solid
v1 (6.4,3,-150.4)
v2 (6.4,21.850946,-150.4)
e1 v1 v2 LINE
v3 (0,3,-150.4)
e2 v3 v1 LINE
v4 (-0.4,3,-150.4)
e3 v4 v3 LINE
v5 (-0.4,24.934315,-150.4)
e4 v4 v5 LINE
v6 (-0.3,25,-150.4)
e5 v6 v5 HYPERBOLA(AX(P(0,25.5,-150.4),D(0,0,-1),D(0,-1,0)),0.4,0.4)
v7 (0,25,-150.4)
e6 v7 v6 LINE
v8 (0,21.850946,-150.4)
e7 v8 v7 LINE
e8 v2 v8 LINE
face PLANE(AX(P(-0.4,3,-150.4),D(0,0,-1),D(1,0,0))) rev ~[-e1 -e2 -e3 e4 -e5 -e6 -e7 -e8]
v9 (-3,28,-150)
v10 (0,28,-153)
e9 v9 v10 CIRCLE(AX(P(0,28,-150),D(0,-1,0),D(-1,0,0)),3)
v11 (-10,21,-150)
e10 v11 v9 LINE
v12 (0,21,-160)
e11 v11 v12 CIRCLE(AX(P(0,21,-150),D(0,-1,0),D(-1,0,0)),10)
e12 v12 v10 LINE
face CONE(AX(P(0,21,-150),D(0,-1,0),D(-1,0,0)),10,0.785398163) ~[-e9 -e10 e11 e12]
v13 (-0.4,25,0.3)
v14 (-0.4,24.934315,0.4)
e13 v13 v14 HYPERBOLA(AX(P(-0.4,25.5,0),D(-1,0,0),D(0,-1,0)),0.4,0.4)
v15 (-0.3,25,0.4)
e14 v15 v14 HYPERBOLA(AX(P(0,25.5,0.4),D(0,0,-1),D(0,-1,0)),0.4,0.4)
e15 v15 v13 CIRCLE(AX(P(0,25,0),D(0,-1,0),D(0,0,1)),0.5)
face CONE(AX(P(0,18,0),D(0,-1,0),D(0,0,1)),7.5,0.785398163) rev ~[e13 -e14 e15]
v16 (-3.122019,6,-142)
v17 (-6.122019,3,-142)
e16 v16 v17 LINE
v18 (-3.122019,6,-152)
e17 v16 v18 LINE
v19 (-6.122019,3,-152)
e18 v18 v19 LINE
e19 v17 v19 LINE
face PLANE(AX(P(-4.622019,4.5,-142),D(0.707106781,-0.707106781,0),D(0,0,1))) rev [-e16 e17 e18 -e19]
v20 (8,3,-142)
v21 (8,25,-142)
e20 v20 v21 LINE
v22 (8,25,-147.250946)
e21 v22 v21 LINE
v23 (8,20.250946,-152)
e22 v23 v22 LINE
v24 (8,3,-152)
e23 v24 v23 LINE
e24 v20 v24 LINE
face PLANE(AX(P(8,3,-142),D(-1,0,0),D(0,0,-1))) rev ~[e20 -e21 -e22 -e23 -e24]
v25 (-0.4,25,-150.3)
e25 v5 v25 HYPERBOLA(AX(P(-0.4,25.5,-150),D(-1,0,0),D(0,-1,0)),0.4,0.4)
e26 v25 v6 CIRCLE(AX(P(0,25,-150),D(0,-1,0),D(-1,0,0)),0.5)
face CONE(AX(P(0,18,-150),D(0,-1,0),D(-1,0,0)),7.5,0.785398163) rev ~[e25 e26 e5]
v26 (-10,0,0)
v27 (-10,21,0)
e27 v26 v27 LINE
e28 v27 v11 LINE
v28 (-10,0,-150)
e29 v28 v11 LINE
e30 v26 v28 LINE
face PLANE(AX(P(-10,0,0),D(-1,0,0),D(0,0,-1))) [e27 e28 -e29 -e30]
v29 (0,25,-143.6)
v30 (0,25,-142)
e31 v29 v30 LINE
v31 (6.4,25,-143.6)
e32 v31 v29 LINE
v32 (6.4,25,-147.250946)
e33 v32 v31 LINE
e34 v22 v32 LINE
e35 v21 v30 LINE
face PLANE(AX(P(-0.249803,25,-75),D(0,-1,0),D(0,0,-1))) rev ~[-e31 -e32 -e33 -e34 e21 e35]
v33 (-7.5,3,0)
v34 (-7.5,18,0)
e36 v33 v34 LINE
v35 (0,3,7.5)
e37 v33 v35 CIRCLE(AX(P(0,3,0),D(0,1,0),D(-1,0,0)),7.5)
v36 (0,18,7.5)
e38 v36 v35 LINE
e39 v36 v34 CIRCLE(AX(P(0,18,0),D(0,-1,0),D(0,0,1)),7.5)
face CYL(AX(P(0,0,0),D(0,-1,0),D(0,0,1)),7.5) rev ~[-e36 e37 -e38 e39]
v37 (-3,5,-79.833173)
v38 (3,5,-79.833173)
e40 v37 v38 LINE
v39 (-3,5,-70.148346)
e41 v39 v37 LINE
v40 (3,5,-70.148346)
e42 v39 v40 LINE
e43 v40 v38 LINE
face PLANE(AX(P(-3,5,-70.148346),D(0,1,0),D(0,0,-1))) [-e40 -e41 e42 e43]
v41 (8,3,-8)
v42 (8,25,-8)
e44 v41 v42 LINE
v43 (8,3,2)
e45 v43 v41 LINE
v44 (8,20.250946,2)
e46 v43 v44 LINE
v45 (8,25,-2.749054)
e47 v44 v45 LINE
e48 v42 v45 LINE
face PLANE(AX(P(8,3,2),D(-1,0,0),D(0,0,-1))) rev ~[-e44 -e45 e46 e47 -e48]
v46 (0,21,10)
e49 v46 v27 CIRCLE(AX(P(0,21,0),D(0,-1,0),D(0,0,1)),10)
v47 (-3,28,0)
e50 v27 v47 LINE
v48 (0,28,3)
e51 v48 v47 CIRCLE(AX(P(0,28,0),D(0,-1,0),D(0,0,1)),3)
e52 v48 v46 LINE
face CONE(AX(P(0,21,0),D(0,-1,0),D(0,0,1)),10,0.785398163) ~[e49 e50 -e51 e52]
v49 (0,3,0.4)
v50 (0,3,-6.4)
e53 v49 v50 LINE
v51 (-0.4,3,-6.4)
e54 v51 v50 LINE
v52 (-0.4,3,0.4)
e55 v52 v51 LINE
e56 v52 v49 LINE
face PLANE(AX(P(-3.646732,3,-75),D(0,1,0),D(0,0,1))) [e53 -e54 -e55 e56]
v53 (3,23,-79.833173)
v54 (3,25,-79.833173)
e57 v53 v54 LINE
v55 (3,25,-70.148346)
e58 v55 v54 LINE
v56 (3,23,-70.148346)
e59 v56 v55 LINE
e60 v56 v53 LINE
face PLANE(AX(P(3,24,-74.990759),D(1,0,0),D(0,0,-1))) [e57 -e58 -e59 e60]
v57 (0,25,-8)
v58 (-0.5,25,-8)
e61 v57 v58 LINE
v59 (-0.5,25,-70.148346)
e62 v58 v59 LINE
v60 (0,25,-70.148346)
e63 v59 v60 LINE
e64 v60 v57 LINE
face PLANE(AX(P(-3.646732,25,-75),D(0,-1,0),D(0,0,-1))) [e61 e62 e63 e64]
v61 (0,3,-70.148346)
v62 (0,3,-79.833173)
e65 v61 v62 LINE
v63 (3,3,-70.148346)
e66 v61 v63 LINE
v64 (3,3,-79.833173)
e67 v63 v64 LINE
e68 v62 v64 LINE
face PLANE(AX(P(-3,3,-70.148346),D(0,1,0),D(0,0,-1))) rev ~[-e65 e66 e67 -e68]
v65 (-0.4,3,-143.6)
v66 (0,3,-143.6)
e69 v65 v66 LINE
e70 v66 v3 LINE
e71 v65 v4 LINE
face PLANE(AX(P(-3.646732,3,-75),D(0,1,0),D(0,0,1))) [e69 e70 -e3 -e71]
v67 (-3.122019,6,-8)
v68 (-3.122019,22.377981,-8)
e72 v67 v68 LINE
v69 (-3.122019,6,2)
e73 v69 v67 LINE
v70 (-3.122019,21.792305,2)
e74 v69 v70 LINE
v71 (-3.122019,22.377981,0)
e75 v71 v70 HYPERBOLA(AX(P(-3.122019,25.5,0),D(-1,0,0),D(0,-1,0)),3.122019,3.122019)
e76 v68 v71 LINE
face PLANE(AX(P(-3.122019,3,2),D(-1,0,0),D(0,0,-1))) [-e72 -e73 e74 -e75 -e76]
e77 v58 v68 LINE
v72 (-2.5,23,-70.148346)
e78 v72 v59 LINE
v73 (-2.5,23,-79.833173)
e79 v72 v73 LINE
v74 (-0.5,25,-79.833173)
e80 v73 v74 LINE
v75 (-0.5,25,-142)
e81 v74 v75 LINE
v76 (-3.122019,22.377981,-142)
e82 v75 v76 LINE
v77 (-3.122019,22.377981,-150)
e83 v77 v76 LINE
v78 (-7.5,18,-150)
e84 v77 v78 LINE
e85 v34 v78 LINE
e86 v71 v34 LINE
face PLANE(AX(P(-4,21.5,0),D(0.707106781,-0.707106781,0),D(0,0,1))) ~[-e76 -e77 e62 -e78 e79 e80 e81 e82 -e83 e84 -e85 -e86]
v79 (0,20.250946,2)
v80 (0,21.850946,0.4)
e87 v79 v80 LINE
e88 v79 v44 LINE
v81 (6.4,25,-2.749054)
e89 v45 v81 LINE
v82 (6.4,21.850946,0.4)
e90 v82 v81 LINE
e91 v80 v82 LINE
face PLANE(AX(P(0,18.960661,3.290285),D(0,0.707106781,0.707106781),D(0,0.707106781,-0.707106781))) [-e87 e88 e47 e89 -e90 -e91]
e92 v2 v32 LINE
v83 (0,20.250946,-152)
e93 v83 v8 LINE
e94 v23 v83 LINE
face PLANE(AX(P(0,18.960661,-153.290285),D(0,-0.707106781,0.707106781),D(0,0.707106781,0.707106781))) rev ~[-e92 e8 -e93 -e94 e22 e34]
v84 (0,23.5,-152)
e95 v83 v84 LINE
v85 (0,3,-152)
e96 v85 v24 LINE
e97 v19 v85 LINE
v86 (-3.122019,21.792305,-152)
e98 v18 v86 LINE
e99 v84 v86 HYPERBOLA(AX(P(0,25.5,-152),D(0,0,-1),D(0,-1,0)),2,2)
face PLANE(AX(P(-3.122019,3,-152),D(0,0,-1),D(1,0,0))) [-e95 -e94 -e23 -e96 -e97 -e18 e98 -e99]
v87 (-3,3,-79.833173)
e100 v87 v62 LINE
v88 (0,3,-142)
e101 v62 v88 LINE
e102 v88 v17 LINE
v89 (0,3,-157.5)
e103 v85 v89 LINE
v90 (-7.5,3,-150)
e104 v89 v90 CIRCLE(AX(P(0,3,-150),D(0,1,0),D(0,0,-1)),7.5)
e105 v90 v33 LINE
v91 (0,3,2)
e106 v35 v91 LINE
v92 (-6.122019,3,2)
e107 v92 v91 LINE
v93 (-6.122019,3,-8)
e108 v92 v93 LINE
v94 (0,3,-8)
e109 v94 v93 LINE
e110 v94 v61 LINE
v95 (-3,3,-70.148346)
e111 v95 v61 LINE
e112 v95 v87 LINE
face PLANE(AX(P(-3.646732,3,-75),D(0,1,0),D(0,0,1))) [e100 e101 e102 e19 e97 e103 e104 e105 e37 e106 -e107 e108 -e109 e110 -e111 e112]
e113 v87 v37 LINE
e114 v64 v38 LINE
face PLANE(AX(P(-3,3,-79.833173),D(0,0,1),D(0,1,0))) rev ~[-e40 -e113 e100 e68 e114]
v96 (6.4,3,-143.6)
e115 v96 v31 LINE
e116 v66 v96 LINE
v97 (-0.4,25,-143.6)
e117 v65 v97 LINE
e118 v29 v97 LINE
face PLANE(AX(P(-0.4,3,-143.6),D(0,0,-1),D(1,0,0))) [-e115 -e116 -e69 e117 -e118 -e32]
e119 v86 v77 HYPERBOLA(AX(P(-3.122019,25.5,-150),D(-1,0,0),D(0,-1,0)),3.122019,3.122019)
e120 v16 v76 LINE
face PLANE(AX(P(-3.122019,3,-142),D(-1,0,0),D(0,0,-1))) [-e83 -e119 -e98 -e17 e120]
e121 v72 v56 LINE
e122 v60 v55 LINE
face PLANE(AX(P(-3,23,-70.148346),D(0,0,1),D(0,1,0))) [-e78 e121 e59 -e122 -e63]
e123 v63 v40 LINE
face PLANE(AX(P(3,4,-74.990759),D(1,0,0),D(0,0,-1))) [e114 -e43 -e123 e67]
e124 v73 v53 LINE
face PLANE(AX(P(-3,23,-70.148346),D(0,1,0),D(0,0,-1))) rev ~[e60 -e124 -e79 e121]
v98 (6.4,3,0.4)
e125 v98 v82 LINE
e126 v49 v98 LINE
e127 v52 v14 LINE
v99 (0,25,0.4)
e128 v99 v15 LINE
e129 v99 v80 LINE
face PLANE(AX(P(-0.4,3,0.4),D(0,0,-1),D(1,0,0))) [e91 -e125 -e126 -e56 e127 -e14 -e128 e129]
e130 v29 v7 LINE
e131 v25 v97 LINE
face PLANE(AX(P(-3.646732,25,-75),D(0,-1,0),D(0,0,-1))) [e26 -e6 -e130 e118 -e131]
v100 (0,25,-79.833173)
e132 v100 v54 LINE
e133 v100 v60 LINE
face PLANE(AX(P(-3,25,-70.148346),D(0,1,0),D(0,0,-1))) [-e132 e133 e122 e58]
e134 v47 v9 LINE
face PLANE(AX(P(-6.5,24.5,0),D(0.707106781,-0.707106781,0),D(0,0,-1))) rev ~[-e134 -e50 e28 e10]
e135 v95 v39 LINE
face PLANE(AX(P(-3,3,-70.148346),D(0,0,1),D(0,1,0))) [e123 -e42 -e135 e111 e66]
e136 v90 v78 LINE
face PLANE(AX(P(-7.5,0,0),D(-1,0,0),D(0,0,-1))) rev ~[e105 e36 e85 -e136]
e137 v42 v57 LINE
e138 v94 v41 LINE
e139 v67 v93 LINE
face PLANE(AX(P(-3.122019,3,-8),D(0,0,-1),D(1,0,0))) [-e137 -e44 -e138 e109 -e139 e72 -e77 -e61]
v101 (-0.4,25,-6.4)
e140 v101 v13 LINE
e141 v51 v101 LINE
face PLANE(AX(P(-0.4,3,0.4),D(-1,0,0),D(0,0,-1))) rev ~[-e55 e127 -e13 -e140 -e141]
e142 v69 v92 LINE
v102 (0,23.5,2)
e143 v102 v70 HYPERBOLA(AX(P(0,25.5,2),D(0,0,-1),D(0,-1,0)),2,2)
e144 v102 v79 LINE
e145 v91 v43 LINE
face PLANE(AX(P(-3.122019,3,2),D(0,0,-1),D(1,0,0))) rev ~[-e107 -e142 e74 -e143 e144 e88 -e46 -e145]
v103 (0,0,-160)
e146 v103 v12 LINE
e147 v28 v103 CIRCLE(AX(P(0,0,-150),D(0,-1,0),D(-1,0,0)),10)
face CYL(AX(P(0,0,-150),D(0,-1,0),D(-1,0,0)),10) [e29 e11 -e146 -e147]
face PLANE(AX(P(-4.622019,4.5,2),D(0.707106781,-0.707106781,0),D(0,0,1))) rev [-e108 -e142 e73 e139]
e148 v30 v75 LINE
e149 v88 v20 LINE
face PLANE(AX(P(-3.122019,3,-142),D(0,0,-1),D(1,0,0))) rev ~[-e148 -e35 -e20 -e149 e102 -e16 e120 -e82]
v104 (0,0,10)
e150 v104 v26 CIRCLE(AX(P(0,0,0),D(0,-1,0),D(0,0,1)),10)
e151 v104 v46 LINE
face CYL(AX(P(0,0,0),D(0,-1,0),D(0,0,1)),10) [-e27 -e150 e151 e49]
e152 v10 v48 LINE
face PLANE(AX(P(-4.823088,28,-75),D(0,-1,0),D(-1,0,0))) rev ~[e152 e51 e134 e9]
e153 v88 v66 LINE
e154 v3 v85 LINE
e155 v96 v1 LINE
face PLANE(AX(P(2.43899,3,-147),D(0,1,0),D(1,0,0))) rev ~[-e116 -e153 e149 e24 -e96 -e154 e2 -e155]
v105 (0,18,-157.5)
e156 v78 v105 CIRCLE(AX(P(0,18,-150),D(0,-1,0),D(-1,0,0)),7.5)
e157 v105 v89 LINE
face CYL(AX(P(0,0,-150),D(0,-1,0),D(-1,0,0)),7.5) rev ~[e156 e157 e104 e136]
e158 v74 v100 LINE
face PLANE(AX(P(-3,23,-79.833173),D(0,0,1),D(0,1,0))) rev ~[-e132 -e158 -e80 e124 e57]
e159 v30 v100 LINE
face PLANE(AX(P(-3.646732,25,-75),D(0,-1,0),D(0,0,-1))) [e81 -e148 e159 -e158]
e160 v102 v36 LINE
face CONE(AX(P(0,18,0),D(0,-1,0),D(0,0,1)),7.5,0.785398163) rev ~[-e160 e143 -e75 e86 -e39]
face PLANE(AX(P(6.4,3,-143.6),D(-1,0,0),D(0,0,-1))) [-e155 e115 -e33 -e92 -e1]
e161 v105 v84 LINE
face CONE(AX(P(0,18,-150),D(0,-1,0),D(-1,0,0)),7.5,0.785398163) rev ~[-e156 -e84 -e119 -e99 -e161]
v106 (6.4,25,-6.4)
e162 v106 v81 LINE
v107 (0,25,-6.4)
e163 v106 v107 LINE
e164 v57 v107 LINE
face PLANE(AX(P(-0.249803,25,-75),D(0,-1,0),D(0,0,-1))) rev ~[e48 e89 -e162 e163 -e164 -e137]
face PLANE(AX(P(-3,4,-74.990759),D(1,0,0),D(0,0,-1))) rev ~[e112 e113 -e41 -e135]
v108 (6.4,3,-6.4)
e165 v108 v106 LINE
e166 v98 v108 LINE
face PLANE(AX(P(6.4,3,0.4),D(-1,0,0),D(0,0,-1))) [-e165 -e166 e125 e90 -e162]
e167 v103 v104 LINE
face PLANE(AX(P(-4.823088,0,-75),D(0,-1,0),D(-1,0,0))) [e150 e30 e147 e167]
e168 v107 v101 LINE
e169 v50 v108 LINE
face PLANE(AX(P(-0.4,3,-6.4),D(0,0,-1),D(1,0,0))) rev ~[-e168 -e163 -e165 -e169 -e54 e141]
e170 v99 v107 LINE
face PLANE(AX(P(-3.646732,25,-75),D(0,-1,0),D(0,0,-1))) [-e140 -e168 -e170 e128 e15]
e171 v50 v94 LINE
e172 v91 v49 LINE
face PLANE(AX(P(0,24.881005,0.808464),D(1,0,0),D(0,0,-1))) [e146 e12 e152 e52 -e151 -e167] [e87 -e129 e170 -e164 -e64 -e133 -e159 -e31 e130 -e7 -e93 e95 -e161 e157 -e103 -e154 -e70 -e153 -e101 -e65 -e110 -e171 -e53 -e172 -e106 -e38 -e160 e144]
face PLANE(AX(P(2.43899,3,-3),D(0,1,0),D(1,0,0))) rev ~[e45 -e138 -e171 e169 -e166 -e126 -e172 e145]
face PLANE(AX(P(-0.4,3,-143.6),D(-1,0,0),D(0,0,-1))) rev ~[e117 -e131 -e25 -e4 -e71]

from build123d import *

# Parameters (mm, degrees)
BOSS_EXTRUDE1_DEPTH      = 28
SHELL1_T                 = -2.5
SHELL1_THICKNESS_2_DEPTH = 0.5
SHELL1_THICKNESS_3_DEPTH = 0.5
CHAMFER1_SIZE            = 7
BOSS_EXTRUDE2_REACH      = 164.25
SKETCH6_W                = 11.122019094
SKETCH6_H                = 10
SKETCH6_W_2              = 6.8
SKETCH6_H_2              = 6.8
CHAMFER2_SIZE            = 3
CUT_EXTRUDE2_START       = -8
CUT_EXTRUDE2_DEPTH       = 8
BOSS_EXTRUDE3_DEPTH      = 3
BOSS_EXTRUDE3_DEPTH_BACK = 3
SKETCH8_W                = 9.684827103
SKETCH8_H                = 2


with BuildPart() as part:
    # Sketch3 → Boss-Extrude1 (new body)
    with BuildSketch(Plane(origin=(0, 0, 0), x_dir=(1, 0, 0), z_dir=(0, 1, 0))):
        with BuildLine():
            Line((0, 160), (0, -10))
            ThreePointArc((0, -10), (-7.071067812, -7.071067812), (-10, 0))
            Line((-10, 0), (-10, 150))
            ThreePointArc((-10, 150), (-7.071067812, 157.071067812), (0, 160))
        make_face()
    extrude(amount=BOSS_EXTRUDE1_DEPTH)

    # Shell1
    shell1_openings = [part.faces().sort_by_distance(p)[0] for p in [
        (0, 14, -75),
    ]]
    offset(amount=SHELL1_T, openings=shell1_openings, kind=Kind.INTERSECTION)

    # Shell1 thickness 2 face (on inner face of the shell) → Shell1 thickness 2 (add)
    with BuildSketch(Plane(origin=(-3.708717972, 2.5, -75), x_dir=(0, 0, -1), z_dir=(0, -1, 0))):
        with BuildLine():
            Line((-82.5, 3.708717972), (82.5, 3.708717972))
            ThreePointArc((82.5, 3.708717972), (80.303300859, -1.594582887), (75, -3.791282028))
            Line((75, -3.791282028), (-75, -3.791282028))
            ThreePointArc((-75, -3.791282028), (-80.303300859, -1.594582887), (-82.5, 3.708717972))
        make_face()
    extrude(amount=-SHELL1_THICKNESS_2_DEPTH)

    # Shell1 thickness 3 face (on inner face of the shell) → Shell1 thickness 3 (add)
    with BuildSketch(Plane(origin=(-3.708717972, 25.5, -75), x_dir=(0, 0, 1), z_dir=(0, 1, 0))):
        with BuildLine():
            Line((-82.5, 3.708717972), (82.5, 3.708717972))
            ThreePointArc((82.5, 3.708717972), (80.303300859, -1.594582887), (75, -3.791282028))
            Line((75, -3.791282028), (-75, -3.791282028))
            ThreePointArc((-75, -3.791282028), (-80.303300859, -1.594582887), (-82.5, 3.708717972))
        make_face()
    extrude(amount=-SHELL1_THICKNESS_3_DEPTH)

    # Chamfer1
    chamfer1_edges = [part.edges().sort_by_distance(p)[0] for p in [
        (-7.071067812, 28, 7.071067812),
        (-5.303300859, 25, -155.303300859),
        (-7.5, 25, -75),
        (-5.303300859, 25, 5.303300859),
        (-7.071067812, 28, -157.071067812),
        (-10, 28, -75),
    ]]
    chamfer(chamfer1_edges, length=CHAMFER1_SIZE)

    # Boss-Extrude2: up to this face of the body (flat: up to its plane)
    boss_extrude2_end = Plane(part.part.faces().sort_by_distance((-0.249803145, 25, -75))[0])
    # Sketch6 → Boss-Extrude2 (add, up to the picked face)
    with BuildSketch(Plane(origin=(0, 3, 0), x_dir=(1, 0, 0), z_dir=(0, 1, 0)), mode=Mode.PRIVATE) as boss_extrude2_sk1:
        with Locations((2.438990453, 147)):
            Rectangle(SKETCH6_W, SKETCH6_H)
        with Locations((3, 147)):
            Rectangle(SKETCH6_W_2, SKETCH6_H_2, mode=Mode.SUBTRACT)
    boss_extrude2_tool1 = split(extrude(boss_extrude2_sk1.sketch, amount=BOSS_EXTRUDE2_REACH, mode=Mode.PRIVATE), bisect_by=boss_extrude2_end, keep=Keep.BOTH, mode=Mode.PRIVATE)
    # Sketch6 → Boss-Extrude2 (add, up to the picked face)
    with BuildSketch(Plane(origin=(0, 3, 0), x_dir=(1, 0, 0), z_dir=(0, 1, 0)), mode=Mode.PRIVATE) as boss_extrude2_sk2:
        with Locations((2.438990453, 3)):
            Rectangle(SKETCH6_W, SKETCH6_H)
        with Locations((3, 3)):
            Rectangle(SKETCH6_W_2, SKETCH6_H_2, mode=Mode.SUBTRACT)
    boss_extrude2_tool2 = split(extrude(boss_extrude2_sk2.sketch, amount=BOSS_EXTRUDE2_REACH, mode=Mode.PRIVATE), bisect_by=boss_extrude2_end, keep=Keep.BOTH, mode=Mode.PRIVATE)
    add(boss_extrude2_tool1.solids().sort_by(Axis((2.43899, 3, -151.850434), (0, 1, 0)))[0])
    add(boss_extrude2_tool2.solids().sort_by(Axis((-2.972453, 3, -3), (0, 1, 0)))[0])

    # Chamfer2
    chamfer2_edges = [part.edges().sort_by_distance(p)[0] for p in [
        (-3.122019094, 3, -3),
        (-3.122019094, 3, -147),
    ]]
    chamfer(chamfer2_edges, length=CHAMFER2_SIZE)

    # Sketch7 → Cut-Extrude2 (cut)
    with BuildSketch(Plane(origin=(8, 0, 0), x_dir=(0, 0, -1), z_dir=(1, 0, 0)).offset(CUT_EXTRUDE2_START)):
        Polygon((-3.29028529, 29.773150155), (-3.29028529, 18.960661134), (4.456137204, 26.707083629), align=None)
        Polygon((145.543862796, 26.707083629), (153.29028529, 29.773150155), (153.29028529, 18.960661134), align=None)
    extrude(amount=CUT_EXTRUDE2_DEPTH, mode=Mode.SUBTRACT)

    # Sketch8 → Boss-Extrude3 (add, two sides: drawn at the far end of the back side and taken through both)
    with BuildSketch(Plane(origin=(0, 0, 0), x_dir=(0, 0, -1), z_dir=(1, 0, 0)).offset(-BOSS_EXTRUDE3_DEPTH_BACK)):
        with Locations((74.990759453, 4)):
            Rectangle(SKETCH8_W, SKETCH8_H)
        with Locations((74.990759453, 24)):
            Rectangle(SKETCH8_W, SKETCH8_H)
    extrude(amount=BOSS_EXTRUDE3_DEPTH + BOSS_EXTRUDE3_DEPTH_BACK)


solid = part.part
